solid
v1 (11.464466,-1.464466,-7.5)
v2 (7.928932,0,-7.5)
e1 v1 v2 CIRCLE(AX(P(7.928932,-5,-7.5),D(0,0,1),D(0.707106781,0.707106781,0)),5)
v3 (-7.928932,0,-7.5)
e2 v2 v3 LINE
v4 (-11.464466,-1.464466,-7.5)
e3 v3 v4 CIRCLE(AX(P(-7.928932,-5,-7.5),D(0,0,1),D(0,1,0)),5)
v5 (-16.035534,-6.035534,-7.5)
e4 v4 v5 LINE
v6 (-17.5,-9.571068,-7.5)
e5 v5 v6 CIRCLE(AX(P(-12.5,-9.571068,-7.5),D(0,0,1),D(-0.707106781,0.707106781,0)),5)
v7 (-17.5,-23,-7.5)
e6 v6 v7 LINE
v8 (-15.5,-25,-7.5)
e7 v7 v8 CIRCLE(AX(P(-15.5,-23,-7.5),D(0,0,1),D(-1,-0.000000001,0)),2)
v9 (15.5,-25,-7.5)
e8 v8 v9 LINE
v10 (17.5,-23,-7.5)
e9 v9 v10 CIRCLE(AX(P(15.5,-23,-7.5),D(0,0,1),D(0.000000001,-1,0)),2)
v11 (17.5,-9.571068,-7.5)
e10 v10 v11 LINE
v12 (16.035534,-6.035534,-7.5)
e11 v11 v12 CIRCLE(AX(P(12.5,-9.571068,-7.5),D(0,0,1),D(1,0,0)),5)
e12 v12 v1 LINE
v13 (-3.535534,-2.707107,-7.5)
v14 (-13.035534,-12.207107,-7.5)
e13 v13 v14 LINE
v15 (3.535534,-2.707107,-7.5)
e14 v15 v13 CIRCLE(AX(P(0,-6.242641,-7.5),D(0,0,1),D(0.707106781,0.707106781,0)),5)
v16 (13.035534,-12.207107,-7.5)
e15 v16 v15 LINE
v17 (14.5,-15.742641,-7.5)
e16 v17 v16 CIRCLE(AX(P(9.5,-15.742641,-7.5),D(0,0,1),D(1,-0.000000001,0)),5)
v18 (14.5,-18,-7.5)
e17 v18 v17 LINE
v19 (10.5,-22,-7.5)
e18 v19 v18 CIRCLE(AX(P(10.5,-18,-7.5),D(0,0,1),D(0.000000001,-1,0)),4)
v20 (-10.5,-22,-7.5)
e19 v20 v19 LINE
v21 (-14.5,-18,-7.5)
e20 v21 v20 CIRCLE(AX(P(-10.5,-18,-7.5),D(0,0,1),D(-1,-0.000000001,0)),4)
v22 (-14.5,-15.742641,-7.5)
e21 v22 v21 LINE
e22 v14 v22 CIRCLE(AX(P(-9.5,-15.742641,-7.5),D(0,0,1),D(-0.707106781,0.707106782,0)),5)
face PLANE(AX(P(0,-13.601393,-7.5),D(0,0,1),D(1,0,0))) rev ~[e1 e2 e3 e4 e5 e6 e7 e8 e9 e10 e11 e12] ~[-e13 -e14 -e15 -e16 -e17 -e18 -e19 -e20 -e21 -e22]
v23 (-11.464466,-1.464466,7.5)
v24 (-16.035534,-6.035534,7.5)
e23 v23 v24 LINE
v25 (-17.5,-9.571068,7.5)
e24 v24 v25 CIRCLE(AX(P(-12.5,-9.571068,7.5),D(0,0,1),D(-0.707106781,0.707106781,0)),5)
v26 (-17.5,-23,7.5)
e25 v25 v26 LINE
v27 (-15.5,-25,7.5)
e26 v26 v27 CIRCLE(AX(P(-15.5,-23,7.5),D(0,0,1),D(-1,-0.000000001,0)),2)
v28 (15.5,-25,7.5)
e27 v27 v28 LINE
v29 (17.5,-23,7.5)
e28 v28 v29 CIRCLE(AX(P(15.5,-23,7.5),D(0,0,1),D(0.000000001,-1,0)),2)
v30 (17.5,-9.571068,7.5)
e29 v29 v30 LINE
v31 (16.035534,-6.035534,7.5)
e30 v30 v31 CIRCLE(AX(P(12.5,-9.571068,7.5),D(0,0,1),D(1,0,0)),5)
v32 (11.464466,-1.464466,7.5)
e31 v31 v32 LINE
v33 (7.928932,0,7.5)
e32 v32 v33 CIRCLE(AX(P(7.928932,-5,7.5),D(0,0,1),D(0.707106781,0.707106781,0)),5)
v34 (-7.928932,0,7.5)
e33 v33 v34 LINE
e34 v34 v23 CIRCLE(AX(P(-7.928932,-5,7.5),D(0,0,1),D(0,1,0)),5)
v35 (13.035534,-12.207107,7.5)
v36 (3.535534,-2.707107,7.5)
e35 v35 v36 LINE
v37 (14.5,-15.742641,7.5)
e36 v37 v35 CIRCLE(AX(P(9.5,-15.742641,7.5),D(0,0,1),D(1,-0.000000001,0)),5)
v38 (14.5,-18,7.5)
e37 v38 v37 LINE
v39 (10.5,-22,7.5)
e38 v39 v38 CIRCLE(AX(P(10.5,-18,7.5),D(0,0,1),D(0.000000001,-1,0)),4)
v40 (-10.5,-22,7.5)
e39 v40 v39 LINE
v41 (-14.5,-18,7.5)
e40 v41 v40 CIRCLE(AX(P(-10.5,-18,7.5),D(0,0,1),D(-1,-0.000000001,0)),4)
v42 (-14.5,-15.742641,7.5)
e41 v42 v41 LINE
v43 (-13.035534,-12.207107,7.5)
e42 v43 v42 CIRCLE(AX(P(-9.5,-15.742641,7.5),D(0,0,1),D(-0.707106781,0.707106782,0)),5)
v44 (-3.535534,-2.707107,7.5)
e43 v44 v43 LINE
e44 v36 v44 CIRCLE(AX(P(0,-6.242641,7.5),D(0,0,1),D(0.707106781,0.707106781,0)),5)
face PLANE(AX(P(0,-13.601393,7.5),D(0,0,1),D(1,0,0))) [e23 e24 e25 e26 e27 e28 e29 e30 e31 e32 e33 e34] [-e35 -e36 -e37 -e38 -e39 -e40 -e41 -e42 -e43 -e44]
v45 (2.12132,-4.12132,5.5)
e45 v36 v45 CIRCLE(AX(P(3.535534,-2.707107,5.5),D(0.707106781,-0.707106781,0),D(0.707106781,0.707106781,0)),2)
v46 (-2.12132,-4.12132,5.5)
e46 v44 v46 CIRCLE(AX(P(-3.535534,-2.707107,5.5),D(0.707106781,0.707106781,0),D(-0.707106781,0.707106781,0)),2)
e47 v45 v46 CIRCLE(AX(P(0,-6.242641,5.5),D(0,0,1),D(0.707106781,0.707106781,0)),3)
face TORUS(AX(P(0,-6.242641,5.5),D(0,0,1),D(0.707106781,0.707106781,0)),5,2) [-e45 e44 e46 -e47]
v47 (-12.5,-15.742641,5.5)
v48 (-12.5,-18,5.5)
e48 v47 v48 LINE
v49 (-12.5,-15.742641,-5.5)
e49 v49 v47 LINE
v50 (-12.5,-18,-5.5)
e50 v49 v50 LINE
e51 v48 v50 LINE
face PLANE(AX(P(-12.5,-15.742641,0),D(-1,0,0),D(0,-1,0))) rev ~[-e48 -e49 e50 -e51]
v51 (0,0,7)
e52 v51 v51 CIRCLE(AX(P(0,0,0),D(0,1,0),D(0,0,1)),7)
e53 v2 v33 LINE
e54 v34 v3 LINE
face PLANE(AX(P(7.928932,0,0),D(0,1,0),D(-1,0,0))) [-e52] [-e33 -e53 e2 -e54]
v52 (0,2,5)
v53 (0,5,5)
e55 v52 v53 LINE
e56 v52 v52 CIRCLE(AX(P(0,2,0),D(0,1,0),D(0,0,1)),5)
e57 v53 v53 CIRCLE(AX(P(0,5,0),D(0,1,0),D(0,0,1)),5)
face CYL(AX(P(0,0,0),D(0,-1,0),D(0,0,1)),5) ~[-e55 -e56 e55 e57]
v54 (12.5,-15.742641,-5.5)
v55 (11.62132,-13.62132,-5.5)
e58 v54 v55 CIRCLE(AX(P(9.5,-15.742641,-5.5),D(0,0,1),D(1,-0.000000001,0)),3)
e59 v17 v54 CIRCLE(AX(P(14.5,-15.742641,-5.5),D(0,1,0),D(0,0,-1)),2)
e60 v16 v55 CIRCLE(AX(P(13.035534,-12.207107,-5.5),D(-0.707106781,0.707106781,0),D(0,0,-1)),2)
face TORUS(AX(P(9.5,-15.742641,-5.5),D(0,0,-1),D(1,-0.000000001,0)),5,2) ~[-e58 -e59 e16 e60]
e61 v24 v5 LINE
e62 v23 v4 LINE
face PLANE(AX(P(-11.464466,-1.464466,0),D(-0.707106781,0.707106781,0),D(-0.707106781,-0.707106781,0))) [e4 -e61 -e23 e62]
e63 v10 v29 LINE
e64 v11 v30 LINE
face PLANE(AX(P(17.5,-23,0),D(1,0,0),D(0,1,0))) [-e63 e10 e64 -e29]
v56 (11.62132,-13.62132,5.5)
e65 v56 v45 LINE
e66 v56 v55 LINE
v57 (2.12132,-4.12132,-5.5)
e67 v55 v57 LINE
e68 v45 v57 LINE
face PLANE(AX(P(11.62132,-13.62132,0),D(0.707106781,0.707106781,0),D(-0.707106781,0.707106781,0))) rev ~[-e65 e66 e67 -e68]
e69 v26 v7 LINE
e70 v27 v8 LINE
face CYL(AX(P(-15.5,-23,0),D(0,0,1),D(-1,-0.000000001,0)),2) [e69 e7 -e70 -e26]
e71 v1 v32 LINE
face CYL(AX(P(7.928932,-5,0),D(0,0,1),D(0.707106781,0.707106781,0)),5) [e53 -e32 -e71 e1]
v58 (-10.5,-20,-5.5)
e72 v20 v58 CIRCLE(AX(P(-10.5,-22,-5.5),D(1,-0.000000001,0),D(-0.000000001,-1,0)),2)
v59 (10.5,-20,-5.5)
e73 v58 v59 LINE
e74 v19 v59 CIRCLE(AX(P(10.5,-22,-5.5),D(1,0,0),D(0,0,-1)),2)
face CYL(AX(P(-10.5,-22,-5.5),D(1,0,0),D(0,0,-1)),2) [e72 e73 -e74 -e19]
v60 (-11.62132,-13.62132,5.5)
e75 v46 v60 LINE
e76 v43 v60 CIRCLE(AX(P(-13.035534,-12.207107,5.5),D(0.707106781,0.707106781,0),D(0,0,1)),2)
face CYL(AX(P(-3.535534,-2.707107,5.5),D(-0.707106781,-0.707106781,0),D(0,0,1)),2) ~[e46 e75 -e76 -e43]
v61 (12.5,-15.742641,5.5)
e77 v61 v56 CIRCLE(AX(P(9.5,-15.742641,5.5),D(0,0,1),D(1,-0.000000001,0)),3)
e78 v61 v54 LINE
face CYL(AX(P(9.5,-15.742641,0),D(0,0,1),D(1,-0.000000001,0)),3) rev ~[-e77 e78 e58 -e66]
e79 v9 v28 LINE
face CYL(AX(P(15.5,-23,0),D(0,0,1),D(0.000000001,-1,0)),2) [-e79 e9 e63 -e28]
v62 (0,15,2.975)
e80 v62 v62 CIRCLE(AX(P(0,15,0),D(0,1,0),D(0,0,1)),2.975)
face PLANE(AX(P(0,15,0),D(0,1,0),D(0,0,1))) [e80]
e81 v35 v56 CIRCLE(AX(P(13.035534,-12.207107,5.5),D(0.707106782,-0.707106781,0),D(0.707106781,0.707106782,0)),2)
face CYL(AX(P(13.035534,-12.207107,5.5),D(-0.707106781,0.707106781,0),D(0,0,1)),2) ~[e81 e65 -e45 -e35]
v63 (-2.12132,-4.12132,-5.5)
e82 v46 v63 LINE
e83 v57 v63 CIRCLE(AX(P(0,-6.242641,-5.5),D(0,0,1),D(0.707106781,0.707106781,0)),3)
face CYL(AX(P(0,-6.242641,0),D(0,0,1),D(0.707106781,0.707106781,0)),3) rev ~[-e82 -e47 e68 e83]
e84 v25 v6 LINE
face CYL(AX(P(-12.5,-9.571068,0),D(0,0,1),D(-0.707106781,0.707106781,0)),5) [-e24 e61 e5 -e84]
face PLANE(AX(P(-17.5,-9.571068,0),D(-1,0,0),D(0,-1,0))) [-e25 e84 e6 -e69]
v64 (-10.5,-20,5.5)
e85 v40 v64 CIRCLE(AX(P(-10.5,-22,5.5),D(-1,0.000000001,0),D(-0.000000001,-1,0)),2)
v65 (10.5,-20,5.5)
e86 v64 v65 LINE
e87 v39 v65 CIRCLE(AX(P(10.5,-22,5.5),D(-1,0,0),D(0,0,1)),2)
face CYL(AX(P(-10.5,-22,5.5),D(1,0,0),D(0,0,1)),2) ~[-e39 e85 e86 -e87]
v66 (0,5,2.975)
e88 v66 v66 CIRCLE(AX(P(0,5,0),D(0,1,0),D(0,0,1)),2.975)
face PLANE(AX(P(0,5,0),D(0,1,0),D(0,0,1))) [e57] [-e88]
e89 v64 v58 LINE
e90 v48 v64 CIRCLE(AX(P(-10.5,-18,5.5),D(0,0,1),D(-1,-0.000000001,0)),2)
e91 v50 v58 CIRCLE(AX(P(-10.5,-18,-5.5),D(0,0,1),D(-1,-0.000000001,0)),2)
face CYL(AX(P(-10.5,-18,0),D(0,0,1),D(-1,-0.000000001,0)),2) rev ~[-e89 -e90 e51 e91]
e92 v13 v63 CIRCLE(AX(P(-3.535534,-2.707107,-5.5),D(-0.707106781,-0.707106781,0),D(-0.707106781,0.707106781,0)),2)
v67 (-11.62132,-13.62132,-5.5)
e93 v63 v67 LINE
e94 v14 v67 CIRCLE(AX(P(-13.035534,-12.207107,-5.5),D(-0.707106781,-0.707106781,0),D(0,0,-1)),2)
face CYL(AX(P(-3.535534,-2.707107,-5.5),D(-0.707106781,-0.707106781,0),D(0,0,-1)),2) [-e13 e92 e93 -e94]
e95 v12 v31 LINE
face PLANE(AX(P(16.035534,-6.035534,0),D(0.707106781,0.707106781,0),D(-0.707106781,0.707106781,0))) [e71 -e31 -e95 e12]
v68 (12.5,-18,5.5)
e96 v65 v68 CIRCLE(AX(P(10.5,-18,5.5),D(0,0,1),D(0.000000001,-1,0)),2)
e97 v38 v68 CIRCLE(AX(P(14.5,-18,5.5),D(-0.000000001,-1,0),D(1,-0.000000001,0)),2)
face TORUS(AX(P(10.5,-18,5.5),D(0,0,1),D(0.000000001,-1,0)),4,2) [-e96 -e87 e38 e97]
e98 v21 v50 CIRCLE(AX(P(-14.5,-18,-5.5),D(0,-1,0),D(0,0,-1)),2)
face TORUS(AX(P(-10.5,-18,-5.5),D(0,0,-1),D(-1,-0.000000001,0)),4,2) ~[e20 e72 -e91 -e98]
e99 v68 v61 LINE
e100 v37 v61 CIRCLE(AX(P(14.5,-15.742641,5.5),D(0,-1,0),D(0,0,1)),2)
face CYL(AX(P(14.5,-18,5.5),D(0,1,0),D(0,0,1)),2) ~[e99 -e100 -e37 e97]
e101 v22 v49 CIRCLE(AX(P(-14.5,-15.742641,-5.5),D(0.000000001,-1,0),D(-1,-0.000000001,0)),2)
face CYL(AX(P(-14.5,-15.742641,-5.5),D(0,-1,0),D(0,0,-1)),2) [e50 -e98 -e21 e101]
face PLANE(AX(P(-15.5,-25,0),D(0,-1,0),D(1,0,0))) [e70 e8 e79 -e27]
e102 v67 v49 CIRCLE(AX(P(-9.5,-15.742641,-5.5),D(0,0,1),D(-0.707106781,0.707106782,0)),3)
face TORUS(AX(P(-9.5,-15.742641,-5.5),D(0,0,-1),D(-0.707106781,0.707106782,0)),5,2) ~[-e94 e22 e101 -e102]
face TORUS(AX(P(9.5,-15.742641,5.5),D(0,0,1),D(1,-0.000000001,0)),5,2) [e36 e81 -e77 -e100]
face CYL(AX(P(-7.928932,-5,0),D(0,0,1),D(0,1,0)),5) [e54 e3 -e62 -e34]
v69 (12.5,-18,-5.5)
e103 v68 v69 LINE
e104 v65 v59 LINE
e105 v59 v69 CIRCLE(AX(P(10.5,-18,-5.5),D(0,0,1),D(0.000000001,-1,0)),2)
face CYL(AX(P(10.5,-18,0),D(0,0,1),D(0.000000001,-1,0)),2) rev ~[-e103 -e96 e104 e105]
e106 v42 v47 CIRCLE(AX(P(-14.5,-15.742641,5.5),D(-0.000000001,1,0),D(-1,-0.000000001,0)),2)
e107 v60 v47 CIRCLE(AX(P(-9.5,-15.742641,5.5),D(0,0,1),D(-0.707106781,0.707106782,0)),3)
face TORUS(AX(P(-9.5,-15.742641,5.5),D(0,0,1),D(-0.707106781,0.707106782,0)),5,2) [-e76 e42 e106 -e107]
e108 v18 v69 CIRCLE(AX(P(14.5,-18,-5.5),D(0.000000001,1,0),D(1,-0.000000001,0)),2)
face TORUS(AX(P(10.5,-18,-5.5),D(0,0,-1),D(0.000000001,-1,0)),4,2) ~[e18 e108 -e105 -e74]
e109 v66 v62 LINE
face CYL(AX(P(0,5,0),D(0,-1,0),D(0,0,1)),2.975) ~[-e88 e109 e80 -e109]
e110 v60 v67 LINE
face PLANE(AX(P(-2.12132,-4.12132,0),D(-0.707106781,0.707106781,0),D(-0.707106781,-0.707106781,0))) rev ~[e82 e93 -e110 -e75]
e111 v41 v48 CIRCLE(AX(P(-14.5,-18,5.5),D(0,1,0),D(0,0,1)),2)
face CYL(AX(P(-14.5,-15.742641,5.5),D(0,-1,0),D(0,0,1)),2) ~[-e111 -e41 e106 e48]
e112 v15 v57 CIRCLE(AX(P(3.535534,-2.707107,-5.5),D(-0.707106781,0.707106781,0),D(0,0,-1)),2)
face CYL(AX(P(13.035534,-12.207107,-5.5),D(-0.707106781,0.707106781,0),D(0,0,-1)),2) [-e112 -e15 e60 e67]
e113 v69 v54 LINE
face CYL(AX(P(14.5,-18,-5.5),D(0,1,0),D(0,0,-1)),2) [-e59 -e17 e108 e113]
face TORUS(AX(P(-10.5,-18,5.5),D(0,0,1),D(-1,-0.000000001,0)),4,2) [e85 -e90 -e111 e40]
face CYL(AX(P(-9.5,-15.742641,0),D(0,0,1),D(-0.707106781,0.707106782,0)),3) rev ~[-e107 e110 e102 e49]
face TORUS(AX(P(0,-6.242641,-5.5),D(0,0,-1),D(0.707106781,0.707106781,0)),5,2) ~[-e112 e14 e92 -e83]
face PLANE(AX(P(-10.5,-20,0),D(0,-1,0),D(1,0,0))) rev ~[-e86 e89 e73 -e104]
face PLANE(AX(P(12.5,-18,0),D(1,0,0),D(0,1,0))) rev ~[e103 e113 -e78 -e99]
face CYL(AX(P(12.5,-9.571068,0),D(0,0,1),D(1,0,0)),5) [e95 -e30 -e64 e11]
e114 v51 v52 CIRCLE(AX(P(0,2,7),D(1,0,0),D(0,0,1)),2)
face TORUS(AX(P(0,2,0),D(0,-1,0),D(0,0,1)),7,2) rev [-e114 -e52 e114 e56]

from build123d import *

# Parameters (mm, degrees)
SKETCH3_R           = 5
BOSS_EXTRUDE1_DEPTH = 5
SKETCH4_R           = 2.975
BOSS_EXTRUDE2_DEPTH = 10
BOSS_EXTRUDE5_DEPTH = 7.5
FILLET5_R           = 2
FILLET6_R           = 2


with BuildPart() as part:
    # Sketch3 → Boss-Extrude1 (new body)
    with BuildSketch(Plane(origin=(0, 0, 0), x_dir=(1, 0, 0), z_dir=(0, 1, 0))):
        with Locations(Location((0, 0, 0), (0, 0, 270))):
            Circle(SKETCH3_R)
    extrude(amount=BOSS_EXTRUDE1_DEPTH)

    # Sketch4 → Boss-Extrude2 (add)
    with BuildSketch(Plane(origin=(0, 5, 0), x_dir=(1, 0, 0), z_dir=(0, 1, 0))):
        with Locations(Location((0, 0, 0), (0, 0, 270))):
            Circle(SKETCH4_R)
    extrude(amount=BOSS_EXTRUDE2_DEPTH)

    # Sketch8 → Boss-Extrude5 (add, symmetric)
    with BuildSketch(Plane.XY):
        with BuildLine():
            Line((-15.5, -25), (15.5, -25))
            ThreePointArc((15.5, -25), (16.914213562, -24.414213562), (17.5, -23))
            Line((17.5, -23), (17.5, -9.571067812))
            ThreePointArc((17.5, -9.571067812), (17.119397663, -7.65765065), (16.035533906, -6.035533906))
            Line((16.035533906, -6.035533906), (11.464466094, -1.464466094))
            ThreePointArc((11.464466094, -1.464466094), (9.84234935, -0.380602337), (7.928932188, 0))
            Line((7.928932188, 0), (-7.928932188, 0))
            ThreePointArc((-7.928932188, 0), (-9.84234935, -0.380602337), (-11.464466094, -1.464466094))
            Line((-11.464466094, -1.464466094), (-16.035533906, -6.035533906))
            ThreePointArc((-16.035533906, -6.035533906), (-17.119397663, -7.65765065), (-17.5, -9.571067812))
            Line((-17.5, -9.571067812), (-17.5, -23))
            ThreePointArc((-17.5, -23), (-16.914213562, -24.414213562), (-15.5, -25))
        make_face()
        with BuildLine():
            Line((-12.5, -15.742640687), (-12.5, -18))
            ThreePointArc((-12.5, -18), (-11.914213562, -19.414213562), (-10.5, -20))
            Line((-10.5, -20), (10.5, -20))
            ThreePointArc((10.5, -20), (11.914213562, -19.414213562), (12.5, -18))
            Line((12.5, -18), (12.5, -15.742640687))
            ThreePointArc((12.5, -15.742640687), (12.271638598, -14.59459039), (11.621320344, -13.621320344))
            Line((11.621320344, -13.621320344), (2.121320344, -4.121320344))
            ThreePointArc((2.121320344, -4.121320344), (0, -3.242640687), (-2.121320344, -4.121320344))
            Line((-2.121320344, -4.121320344), (-11.621320344, -13.621320344))
            ThreePointArc((-11.621320344, -13.621320344), (-12.271638598, -14.59459039), (-12.5, -15.742640687))
        make_face(mode=Mode.SUBTRACT)
    extrude(amount=BOSS_EXTRUDE5_DEPTH, both=True)

    # Fillet5
    fillet5_edges = [part.edges().sort_by_distance(p)[0] for p in [
        (0, 0, -5),
    ]]
    fillet(fillet5_edges, radius=FILLET5_R)

    # Fillet6
    fillet6_edges = [part.edges().sort_by_distance(p)[0] for p in [
        (6.871320344, -8.871320344, -7.5),
        (0, -3.242640687, -7.5),
        (-6.871320344, -8.871320344, -7.5),
        (-12.271638598, -14.59459039, -7.5),
        (-12.5, -16.871320344, -7.5),
        (-11.914213562, -19.414213562, -7.5),
        (0, -20, -7.5),
        (11.914213562, -19.414213562, -7.5),
        (12.5, -16.871320344, -7.5),
        (12.271638598, -14.59459039, -7.5),
        (0, -3.242640687, 7.5),
        (-6.871320344, -8.871320344, 7.5),
        (-12.271638598, -14.59459039, 7.5),
        (-12.5, -16.871320344, 7.5),
        (-11.914213562, -19.414213562, 7.5),
        (0, -20, 7.5),
        (11.914213562, -19.414213562, 7.5),
        (12.5, -16.871320344, 7.5),
        (12.271638598, -14.59459039, 7.5),
        (6.871320344, -8.871320344, 7.5),
    ]]
    fillet(fillet6_edges, radius=FILLET6_R)


solid = part.part
